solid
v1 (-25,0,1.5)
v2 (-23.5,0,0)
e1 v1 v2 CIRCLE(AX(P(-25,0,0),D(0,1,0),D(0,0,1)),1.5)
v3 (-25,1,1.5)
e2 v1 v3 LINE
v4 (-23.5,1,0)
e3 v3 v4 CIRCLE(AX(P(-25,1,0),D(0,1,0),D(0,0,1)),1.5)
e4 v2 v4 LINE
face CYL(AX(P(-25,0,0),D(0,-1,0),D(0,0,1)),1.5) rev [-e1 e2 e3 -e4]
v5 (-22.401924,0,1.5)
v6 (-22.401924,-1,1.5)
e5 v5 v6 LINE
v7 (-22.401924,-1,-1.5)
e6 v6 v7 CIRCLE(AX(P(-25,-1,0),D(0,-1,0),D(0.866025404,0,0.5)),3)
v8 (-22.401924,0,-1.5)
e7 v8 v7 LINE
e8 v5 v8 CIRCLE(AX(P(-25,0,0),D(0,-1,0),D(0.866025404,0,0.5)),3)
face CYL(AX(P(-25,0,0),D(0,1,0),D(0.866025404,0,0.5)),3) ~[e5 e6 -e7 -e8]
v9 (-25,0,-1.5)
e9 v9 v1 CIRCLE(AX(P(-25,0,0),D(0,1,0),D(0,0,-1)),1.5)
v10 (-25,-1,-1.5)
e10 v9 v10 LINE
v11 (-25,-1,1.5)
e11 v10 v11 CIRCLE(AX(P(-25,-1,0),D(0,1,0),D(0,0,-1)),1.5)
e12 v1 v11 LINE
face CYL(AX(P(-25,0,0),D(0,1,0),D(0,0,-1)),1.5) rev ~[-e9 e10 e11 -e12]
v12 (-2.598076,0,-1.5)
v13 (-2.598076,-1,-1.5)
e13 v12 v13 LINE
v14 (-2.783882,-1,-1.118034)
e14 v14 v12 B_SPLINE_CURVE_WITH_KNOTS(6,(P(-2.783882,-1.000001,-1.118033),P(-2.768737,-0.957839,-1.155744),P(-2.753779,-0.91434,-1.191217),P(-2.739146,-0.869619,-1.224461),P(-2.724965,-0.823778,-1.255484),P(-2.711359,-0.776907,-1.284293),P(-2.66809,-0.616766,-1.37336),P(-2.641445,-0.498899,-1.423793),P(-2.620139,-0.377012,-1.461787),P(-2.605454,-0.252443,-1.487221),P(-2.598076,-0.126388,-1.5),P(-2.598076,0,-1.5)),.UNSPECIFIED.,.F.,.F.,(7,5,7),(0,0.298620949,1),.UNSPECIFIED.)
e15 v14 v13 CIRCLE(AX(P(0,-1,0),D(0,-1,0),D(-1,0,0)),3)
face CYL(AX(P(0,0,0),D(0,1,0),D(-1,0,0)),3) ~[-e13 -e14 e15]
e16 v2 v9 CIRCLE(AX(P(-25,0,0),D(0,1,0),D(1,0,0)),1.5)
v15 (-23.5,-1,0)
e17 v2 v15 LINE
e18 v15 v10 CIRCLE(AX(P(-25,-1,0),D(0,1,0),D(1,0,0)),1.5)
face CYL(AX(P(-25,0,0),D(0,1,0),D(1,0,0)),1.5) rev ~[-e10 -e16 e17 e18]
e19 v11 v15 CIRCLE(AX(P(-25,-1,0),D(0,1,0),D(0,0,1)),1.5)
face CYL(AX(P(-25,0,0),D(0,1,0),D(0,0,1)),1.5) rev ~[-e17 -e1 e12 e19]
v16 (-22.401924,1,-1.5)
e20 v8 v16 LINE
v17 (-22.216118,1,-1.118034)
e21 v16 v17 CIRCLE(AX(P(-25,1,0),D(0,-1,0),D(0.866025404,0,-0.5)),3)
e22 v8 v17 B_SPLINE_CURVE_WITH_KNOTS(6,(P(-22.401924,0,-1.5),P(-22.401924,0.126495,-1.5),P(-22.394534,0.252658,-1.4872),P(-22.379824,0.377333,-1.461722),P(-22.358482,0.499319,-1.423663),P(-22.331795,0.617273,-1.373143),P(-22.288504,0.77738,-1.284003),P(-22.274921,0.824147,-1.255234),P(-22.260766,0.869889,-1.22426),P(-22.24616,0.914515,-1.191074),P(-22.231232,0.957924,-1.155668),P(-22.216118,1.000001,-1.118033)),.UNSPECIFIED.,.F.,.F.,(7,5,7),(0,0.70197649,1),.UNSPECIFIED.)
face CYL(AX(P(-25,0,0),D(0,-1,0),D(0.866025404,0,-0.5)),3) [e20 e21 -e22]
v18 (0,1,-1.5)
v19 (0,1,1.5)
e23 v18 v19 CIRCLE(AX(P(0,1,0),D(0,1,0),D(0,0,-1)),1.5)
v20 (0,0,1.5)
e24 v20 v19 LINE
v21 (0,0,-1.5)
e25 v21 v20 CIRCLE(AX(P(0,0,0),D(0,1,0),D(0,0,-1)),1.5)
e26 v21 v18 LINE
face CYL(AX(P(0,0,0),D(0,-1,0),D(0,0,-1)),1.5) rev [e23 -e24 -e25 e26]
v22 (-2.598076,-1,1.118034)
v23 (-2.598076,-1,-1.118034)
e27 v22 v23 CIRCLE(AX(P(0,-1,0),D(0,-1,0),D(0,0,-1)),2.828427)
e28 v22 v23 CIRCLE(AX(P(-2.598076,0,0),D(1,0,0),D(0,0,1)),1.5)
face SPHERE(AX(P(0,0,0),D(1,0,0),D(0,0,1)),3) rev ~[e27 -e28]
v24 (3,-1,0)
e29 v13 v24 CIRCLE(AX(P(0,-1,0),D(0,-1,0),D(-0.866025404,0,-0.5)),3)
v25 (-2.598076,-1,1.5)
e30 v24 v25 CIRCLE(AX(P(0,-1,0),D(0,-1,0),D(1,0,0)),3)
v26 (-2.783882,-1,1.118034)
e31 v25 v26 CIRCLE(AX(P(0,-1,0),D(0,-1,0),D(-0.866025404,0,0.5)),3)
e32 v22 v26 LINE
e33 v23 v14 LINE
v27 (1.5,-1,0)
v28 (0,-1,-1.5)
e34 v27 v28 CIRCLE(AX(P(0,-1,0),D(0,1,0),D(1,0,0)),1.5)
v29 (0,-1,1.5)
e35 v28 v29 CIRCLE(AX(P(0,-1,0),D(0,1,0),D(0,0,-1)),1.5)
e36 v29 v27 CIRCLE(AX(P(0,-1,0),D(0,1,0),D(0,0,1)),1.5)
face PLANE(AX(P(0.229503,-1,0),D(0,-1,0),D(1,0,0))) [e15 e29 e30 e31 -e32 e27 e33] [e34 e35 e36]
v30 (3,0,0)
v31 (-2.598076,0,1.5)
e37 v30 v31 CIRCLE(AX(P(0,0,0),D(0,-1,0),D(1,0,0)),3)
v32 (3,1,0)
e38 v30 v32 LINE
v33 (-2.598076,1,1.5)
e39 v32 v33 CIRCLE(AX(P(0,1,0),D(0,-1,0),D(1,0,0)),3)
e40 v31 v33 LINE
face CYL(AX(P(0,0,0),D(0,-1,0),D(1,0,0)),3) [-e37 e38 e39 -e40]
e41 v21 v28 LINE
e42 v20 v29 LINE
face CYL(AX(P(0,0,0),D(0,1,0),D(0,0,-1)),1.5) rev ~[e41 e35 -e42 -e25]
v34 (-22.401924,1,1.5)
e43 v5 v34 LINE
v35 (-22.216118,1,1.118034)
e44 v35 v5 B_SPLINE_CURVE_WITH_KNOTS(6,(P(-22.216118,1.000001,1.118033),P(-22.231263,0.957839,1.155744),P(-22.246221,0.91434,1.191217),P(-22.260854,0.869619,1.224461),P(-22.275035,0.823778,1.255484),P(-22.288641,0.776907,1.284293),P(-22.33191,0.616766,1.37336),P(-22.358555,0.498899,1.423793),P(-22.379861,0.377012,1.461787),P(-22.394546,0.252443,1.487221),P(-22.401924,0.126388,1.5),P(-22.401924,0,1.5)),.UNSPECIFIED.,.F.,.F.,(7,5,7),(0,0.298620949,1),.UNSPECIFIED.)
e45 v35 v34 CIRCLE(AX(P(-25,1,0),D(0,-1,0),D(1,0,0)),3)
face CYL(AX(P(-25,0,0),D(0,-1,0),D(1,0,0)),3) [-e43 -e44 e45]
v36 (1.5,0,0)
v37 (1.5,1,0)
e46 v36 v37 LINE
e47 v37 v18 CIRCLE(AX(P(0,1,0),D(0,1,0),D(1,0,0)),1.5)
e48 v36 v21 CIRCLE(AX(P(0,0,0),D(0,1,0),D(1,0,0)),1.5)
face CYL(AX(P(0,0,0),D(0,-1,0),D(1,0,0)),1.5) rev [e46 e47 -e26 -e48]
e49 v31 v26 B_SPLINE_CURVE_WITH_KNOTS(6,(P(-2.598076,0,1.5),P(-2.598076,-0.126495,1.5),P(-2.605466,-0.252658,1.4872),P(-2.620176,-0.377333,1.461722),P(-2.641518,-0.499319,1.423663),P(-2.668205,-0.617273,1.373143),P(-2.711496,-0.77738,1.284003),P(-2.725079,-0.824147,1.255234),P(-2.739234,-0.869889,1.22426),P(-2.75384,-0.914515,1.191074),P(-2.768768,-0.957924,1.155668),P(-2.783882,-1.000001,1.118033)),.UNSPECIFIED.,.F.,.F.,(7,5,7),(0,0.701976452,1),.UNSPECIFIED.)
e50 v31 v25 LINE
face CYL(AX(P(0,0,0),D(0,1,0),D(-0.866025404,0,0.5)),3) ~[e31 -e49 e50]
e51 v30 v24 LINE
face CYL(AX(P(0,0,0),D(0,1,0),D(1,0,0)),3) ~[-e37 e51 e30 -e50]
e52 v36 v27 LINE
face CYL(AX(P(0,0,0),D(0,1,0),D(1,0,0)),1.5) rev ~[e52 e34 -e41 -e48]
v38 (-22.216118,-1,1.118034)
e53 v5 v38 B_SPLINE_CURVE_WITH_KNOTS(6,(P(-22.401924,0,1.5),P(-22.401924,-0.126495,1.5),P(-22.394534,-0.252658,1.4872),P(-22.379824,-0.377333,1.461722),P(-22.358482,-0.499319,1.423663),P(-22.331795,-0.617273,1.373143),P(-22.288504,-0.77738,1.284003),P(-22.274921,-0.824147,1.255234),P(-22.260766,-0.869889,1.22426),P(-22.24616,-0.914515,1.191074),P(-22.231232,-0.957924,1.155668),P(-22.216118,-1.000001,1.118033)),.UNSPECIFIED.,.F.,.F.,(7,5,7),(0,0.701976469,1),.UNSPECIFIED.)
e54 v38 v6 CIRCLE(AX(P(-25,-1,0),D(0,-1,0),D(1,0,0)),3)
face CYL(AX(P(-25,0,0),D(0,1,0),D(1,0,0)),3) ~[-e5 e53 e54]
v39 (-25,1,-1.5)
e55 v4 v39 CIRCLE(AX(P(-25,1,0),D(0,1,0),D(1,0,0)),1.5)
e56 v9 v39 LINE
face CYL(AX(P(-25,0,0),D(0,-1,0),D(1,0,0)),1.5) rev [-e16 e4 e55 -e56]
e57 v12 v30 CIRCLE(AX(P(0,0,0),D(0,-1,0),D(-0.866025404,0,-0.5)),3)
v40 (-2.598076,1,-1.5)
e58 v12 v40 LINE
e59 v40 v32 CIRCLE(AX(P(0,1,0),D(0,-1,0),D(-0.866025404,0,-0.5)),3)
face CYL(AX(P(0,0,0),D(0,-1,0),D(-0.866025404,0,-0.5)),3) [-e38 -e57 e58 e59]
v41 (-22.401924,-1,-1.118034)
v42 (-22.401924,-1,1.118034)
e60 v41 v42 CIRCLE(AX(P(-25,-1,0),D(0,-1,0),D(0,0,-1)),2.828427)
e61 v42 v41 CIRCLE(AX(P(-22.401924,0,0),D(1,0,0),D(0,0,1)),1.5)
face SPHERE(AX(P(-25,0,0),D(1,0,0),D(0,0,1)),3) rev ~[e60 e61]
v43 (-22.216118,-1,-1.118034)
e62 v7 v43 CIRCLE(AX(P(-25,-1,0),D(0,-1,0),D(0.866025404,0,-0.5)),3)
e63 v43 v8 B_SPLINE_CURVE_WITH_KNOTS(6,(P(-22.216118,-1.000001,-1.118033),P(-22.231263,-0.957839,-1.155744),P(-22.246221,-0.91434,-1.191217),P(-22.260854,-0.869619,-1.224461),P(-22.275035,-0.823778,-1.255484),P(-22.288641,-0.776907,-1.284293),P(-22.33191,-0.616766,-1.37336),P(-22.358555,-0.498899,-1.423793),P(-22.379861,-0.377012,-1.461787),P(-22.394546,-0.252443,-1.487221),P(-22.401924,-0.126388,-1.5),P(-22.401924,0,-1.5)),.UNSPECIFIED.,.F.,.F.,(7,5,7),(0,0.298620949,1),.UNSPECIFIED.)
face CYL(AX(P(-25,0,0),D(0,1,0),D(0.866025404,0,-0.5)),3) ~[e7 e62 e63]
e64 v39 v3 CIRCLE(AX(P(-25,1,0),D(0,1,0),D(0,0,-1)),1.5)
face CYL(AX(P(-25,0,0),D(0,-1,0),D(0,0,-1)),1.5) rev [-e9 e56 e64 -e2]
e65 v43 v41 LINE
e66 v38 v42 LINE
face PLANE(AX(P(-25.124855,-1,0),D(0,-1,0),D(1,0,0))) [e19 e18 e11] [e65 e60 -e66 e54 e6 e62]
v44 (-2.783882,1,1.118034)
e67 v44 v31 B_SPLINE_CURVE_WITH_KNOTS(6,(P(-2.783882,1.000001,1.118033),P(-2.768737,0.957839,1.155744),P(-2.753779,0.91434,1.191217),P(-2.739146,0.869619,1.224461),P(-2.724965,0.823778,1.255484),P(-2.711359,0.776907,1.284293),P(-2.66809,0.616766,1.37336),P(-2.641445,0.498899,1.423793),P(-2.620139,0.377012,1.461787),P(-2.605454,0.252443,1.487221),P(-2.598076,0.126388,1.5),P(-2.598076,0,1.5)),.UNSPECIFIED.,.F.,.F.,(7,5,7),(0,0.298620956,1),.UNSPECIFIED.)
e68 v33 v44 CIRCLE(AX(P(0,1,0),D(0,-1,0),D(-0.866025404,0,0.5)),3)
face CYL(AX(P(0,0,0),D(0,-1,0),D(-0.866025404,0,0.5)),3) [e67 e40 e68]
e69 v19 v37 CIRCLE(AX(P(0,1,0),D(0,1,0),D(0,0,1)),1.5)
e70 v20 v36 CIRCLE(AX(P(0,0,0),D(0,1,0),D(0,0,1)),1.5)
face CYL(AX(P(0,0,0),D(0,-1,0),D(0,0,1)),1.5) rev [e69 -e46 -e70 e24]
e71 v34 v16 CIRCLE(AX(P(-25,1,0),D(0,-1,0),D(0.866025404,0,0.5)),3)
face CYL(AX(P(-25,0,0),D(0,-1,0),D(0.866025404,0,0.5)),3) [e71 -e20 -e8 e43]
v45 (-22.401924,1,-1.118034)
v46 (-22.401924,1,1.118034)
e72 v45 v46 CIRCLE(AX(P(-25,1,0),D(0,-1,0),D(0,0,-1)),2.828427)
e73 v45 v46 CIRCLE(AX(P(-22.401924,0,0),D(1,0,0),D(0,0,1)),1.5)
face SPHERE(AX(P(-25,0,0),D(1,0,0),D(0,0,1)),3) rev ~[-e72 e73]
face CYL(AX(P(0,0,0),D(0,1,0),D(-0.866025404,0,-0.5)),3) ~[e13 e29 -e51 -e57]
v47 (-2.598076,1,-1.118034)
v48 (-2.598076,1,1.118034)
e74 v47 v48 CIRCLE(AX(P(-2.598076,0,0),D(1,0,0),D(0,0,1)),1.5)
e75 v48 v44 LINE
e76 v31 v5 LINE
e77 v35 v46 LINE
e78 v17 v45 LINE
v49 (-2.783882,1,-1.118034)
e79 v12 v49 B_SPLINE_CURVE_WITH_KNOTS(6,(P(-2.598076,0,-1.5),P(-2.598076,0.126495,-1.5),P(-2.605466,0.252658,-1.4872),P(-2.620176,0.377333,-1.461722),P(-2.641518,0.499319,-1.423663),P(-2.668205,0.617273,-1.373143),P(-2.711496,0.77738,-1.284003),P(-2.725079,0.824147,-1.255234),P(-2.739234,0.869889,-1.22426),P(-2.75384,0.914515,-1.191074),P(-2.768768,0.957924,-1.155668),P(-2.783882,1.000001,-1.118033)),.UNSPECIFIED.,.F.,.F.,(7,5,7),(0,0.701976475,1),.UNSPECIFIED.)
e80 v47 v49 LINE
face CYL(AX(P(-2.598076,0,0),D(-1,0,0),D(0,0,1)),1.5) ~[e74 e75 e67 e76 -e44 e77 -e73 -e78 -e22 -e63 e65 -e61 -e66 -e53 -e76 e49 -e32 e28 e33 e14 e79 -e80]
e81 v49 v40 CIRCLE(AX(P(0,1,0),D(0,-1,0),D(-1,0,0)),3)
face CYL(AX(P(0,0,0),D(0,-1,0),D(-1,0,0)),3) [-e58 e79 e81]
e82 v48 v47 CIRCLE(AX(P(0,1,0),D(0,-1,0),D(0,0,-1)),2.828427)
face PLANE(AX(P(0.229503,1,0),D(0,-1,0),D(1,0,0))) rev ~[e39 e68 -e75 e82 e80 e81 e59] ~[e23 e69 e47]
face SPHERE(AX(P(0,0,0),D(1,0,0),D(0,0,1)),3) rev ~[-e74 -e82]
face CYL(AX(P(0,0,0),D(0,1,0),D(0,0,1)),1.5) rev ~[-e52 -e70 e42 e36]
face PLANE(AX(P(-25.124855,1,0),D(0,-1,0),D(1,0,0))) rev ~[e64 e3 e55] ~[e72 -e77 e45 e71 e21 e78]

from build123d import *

# Parameters (mm, degrees)
F2_DEPTH = 1


with BuildPart() as f1:
    # F0 (on Front) → F1 (revolve)
    with BuildSketch(Plane.XZ):
        with BuildLine():
            ThreePointArc((-3, 0), (-2.8977774789, 0.7764571353), (-2.5980762114, 1.5))
            Line((-2.5980762114, 1.5), (-22.4019237886, 1.5))
            ThreePointArc((-22.4019237886, 1.5), (-22.1022225211, 0.7764571353), (-22, 0))
            Line((-22, 0), (-3, 0))
        make_face()
    revolve(axis=Axis((-8.7208154146, 0, 0), (1, 0, 0)))

    # F0 (on Front) → F2 (join, symmetric)
    with BuildSketch(Plane.XZ):
        with BuildLine():
            Line((-25, 1.5), (-22.4019237886, 1.5))
            ThreePointArc((-22.4019237886, 1.5), (-28, 0), (-22.4019237886, -1.5))
            Line((-22.4019237886, -1.5), (-25, -1.5))
            ThreePointArc((-25, -1.5), (-26.5, 0), (-25, 1.5))
        make_face()
        with BuildLine():
            ThreePointArc((0, 1.5), (1.0606601718, 1.0606601718), (1.5, 0))
            ThreePointArc((1.5, 0), (1.0606601718, -1.0606601718), (0, -1.5))
            Line((0, -1.5), (-2.5980762114, -1.5))
            ThreePointArc((-2.5980762114, -1.5), (0.7764571353, -2.8977774789), (3, 0))
            ThreePointArc((3, 0), (0.7764571353, 2.8977774789), (-2.5980762114, 1.5))
            Line((-2.5980762114, 1.5), (0, 1.5))
        make_face()
        with BuildLine():
            ThreePointArc((0, -1.5), (-1.5, 0), (0, 1.5))
            Line((0, 1.5), (-2.5980762114, 1.5))
            ThreePointArc((-2.5980762114, 1.5), (-2.8977774789, 0.7764571353), (-3, 0))
            ThreePointArc((-3, 0), (-2.8977774789, -0.7764571353), (-2.5980762114, -1.5))
            Line((-2.5980762114, -1.5), (0, -1.5))
        make_face()
        with BuildLine():
            ThreePointArc((-22, 0), (-22.1022225211, 0.7764571353), (-22.4019237886, 1.5))
            Line((-22.4019237886, 1.5), (-25, 1.5))
            ThreePointArc((-25, 1.5), (-23.9393398282, 1.0606601718), (-23.5, 0))
            ThreePointArc((-23.5, 0), (-23.9393398282, -1.0606601718), (-25, -1.5))
            Line((-25, -1.5), (-22.4019237886, -1.5))
            ThreePointArc((-22.4019237886, -1.5), (-22.1022225211, -0.7764571353), (-22, 0))
        make_face()
    extrude(amount=F2_DEPTH, both=True)


solid = f1.part
